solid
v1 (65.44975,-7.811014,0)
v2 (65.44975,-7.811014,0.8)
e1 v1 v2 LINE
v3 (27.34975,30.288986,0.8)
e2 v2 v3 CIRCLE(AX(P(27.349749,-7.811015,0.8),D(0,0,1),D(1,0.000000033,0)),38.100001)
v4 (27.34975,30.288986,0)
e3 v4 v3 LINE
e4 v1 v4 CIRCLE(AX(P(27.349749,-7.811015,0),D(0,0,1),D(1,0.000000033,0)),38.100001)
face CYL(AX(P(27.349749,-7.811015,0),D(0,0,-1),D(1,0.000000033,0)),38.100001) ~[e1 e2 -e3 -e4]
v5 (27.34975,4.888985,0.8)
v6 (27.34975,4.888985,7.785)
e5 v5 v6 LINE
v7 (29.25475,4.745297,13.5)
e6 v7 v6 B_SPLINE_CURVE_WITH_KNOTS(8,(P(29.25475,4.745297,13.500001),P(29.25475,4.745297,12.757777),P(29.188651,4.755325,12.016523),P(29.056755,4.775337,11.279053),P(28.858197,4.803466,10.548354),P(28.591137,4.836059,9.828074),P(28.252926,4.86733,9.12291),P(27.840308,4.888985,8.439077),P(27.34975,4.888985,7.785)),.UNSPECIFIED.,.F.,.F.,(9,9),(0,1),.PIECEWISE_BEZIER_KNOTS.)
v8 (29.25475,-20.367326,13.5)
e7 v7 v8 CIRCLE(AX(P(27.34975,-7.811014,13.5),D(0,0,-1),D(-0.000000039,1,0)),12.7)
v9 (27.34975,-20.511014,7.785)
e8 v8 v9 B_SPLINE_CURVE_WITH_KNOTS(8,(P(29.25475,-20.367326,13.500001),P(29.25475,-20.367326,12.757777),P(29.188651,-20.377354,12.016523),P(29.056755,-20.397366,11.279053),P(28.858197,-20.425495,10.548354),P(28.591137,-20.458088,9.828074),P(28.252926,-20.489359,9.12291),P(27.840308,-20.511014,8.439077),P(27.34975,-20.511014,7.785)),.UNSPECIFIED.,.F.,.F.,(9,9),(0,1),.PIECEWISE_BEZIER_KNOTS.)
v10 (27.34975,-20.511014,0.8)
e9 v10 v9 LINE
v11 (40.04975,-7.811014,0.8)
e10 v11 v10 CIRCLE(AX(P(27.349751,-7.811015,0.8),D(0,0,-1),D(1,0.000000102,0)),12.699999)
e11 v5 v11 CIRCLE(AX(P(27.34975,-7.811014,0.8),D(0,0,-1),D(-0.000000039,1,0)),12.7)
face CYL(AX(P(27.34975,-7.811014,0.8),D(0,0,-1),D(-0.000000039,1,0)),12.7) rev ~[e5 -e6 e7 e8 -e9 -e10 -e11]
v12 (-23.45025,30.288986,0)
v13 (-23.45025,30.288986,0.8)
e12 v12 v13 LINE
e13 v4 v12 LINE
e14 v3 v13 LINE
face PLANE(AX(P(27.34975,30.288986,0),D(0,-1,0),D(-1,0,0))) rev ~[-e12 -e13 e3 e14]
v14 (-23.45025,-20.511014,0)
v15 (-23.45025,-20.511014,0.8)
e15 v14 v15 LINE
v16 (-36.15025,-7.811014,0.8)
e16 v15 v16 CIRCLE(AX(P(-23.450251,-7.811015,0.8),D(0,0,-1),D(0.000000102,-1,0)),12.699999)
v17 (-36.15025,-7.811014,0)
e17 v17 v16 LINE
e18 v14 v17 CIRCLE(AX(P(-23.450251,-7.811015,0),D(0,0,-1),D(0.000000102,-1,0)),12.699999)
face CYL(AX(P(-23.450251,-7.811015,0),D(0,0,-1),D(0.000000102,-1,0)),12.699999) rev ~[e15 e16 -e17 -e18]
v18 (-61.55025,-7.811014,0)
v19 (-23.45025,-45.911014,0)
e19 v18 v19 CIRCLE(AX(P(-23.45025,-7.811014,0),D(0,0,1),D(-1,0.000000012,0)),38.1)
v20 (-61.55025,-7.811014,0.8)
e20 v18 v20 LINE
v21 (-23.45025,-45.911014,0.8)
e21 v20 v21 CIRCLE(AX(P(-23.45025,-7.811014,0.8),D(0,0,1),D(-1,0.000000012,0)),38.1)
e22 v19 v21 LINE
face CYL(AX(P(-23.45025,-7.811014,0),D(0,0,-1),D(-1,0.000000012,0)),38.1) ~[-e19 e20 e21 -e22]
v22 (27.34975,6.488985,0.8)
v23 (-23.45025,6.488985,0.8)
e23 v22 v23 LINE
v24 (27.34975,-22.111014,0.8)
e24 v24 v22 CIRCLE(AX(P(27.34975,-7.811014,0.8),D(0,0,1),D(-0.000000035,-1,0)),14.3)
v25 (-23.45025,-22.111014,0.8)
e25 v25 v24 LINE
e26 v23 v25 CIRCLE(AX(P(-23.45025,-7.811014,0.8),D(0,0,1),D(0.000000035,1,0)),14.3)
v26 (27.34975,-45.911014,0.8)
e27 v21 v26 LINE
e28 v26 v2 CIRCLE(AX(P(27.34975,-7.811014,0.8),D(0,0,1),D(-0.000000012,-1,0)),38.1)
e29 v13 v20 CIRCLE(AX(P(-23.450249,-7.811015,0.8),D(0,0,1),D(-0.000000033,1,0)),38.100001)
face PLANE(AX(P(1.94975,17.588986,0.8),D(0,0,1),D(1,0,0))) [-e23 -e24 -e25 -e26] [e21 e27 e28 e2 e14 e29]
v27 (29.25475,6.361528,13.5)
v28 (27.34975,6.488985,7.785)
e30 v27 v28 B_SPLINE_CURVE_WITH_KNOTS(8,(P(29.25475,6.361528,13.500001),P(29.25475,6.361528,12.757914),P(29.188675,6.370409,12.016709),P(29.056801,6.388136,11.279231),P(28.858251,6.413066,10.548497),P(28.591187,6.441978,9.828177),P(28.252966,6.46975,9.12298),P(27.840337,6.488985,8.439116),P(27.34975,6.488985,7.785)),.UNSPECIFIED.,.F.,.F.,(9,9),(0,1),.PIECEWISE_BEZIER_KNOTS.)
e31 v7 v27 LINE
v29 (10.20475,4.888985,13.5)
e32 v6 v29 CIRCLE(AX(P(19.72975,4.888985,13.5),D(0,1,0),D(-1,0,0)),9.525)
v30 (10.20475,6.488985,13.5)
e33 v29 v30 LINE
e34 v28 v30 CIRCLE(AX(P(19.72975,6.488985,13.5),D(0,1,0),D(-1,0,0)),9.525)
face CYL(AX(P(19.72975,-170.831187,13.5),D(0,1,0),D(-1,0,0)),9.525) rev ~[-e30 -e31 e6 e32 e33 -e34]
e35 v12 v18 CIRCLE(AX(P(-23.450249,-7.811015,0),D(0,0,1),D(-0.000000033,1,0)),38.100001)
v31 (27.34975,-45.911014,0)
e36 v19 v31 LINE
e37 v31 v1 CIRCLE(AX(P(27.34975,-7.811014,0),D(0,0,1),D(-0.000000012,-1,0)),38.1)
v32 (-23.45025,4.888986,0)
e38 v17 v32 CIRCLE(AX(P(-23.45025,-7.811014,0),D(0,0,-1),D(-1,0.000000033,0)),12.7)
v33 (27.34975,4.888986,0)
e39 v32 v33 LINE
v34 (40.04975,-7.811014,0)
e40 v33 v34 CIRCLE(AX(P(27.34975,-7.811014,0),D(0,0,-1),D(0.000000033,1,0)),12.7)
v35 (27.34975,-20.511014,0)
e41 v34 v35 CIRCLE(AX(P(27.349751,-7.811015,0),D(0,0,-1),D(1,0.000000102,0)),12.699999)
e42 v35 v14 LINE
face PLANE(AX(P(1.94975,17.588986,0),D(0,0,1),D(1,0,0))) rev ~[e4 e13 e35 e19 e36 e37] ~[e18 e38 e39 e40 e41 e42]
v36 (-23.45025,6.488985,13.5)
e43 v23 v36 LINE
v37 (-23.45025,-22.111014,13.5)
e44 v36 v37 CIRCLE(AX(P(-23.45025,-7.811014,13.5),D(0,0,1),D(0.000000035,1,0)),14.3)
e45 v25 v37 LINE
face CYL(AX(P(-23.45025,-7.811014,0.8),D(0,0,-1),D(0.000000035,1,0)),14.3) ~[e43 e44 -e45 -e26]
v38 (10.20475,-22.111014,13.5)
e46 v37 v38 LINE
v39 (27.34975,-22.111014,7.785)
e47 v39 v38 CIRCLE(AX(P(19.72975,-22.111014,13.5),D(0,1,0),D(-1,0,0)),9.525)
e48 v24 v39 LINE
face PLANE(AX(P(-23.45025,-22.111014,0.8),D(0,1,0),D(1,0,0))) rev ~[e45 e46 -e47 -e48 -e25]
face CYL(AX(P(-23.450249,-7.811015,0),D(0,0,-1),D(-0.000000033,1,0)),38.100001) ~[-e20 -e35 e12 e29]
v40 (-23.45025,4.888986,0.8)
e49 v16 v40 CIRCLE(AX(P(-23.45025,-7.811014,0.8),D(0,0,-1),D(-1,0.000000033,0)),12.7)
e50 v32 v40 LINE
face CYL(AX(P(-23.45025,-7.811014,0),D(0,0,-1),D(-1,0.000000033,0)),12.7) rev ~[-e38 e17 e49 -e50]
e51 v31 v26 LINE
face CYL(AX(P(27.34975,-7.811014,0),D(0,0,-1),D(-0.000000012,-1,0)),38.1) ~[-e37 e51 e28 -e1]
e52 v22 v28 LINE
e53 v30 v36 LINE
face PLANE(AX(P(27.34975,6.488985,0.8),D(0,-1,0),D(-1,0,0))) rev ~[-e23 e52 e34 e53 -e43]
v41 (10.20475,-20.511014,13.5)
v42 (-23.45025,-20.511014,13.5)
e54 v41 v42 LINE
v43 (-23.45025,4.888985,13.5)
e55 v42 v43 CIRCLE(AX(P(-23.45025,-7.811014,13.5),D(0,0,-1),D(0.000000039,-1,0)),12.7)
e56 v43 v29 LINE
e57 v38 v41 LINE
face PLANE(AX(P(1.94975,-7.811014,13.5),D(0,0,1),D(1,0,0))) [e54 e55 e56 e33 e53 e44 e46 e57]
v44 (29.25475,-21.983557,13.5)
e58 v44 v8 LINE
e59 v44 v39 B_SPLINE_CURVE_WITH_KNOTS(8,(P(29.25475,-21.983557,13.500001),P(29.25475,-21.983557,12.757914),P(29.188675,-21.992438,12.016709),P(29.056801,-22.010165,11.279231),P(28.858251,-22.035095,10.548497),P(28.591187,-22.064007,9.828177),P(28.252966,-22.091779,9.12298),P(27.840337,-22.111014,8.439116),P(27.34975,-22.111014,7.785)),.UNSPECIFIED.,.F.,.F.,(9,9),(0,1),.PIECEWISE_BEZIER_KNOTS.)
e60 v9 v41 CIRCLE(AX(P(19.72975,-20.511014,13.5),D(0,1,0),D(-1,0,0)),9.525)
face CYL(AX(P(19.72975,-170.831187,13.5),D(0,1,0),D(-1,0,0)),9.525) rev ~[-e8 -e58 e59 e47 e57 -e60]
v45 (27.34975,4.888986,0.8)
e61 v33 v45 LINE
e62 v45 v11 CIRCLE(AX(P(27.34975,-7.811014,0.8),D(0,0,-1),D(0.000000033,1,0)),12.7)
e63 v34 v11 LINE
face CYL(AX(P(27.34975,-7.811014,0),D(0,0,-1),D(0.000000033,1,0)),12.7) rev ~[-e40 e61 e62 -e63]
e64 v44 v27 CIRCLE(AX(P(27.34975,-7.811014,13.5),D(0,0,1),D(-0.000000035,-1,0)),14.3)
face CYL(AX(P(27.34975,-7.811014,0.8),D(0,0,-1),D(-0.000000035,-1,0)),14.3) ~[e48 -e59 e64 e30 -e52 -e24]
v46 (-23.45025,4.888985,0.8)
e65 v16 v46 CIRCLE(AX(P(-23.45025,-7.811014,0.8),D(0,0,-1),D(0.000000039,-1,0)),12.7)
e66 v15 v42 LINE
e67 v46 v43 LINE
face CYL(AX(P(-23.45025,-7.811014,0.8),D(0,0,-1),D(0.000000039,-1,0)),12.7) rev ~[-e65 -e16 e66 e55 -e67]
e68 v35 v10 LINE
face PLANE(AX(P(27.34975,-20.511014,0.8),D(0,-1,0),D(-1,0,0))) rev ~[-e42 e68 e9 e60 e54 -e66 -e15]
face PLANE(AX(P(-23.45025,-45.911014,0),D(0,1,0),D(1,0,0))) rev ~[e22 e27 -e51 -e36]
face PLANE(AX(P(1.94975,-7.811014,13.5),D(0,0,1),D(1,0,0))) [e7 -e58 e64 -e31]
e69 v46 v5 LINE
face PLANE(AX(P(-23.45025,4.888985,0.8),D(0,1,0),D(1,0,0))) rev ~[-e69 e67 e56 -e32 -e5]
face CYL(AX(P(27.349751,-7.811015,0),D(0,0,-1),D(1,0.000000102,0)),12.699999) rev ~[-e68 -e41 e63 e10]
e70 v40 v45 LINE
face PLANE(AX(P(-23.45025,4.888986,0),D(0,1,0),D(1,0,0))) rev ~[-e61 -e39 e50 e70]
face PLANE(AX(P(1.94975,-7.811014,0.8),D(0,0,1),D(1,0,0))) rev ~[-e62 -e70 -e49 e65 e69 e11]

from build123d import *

# Parameters (mm, degrees)
F1_DEPTH = 0.8
F3_DEPTH = 12.7
F5_D     = 19.05


with BuildPart() as f1:
    # F0 (on Top) → F1 (new body)
    with BuildSketch(Plane.XY):
        Polygon((1.94975, 4.888986), (27.34975, 4.888986), (27.34975, 30.288986), (1.94975, 30.288986), (-23.45025, 30.288986), (-23.45025, 4.888986), align=None)
        with BuildLine():
            Line((27.34975, 30.288986), (27.34975, 4.888986))
            ThreePointArc((27.34975, 4.888986), (36.330006, 1.169242), (40.04975, -7.811014))
            Line((40.04975, -7.811014), (65.44975, -7.811014))
            ThreePointArc((65.44975, -7.811014), (54.290518, 19.129754), (27.34975, 30.288986))
        make_face()
        with BuildLine():
            Line((65.44975, -7.811014), (40.04975, -7.811014))
            ThreePointArc((40.04975, -7.811014), (36.330006, -16.791271), (27.34975, -20.511014))
            Line((27.34975, -20.511014), (27.34975, -45.911014))
            ThreePointArc((27.34975, -45.911014), (54.290518, -34.751783), (65.44975, -7.811014))
        make_face()
        Polygon((27.34975, -45.911014), (27.34975, -20.511014), (1.94975, -20.511014), (-23.45025, -20.511014), (-23.45025, -45.911014), (1.94975, -45.911014), align=None)
        with BuildLine():
            ThreePointArc((-23.45025, -20.511014), (-32.430506, -16.791271), (-36.15025, -7.811014))
            Line((-36.15025, -7.811014), (-61.55025, -7.811014))
            ThreePointArc((-61.55025, -7.811014), (-50.391018, -34.751783), (-23.45025, -45.911014))
            Line((-23.45025, -45.911014), (-23.45025, -20.511014))
        make_face()
        with BuildLine():
            ThreePointArc((-36.15025, -7.811014), (-32.430506, 1.169242), (-23.45025, 4.888986))
            Line((-23.45025, 4.888986), (-23.45025, 30.288986))
            ThreePointArc((-23.45025, 30.288986), (-50.391018, 19.129754), (-61.55025, -7.811014))
            Line((-61.55025, -7.811014), (-36.15025, -7.811014))
        make_face()
    extrude(amount=F1_DEPTH)

    # F2 (on face) → F3 (join)
    with BuildSketch(Plane.XY.offset(0.8)):
        with BuildLine():
            ThreePointArc((27.34975, -22.111014), (41.64975, -7.811014), (27.34975, 6.488985))
            Line((27.34975, 6.488985), (-23.45025, 6.488985))
            ThreePointArc((-23.45025, 6.488985), (-37.75025, -7.811014), (-23.45025, -22.111014))
            Line((-23.45025, -22.111014), (27.34975, -22.111014))
        make_face()
        with BuildLine():
            Line((-23.45025, 4.888985), (27.34975, 4.888985))
            ThreePointArc((27.34975, 4.888985), (40.04975, -7.811014), (27.34975, -20.511014))
            Line((27.34975, -20.511014), (-23.45025, -20.511014))
            ThreePointArc((-23.45025, -20.511014), (-36.15025, -7.811014), (-23.45025, 4.888985))
        make_face(mode=Mode.SUBTRACT)
    extrude(amount=F3_DEPTH)

    # F5 (through all)
    with Locations(Plane.XZ.offset(22.111014)):
        with Locations((19.72975, 13.5)):
            Hole(F5_D / 2)


solid = f1.part
